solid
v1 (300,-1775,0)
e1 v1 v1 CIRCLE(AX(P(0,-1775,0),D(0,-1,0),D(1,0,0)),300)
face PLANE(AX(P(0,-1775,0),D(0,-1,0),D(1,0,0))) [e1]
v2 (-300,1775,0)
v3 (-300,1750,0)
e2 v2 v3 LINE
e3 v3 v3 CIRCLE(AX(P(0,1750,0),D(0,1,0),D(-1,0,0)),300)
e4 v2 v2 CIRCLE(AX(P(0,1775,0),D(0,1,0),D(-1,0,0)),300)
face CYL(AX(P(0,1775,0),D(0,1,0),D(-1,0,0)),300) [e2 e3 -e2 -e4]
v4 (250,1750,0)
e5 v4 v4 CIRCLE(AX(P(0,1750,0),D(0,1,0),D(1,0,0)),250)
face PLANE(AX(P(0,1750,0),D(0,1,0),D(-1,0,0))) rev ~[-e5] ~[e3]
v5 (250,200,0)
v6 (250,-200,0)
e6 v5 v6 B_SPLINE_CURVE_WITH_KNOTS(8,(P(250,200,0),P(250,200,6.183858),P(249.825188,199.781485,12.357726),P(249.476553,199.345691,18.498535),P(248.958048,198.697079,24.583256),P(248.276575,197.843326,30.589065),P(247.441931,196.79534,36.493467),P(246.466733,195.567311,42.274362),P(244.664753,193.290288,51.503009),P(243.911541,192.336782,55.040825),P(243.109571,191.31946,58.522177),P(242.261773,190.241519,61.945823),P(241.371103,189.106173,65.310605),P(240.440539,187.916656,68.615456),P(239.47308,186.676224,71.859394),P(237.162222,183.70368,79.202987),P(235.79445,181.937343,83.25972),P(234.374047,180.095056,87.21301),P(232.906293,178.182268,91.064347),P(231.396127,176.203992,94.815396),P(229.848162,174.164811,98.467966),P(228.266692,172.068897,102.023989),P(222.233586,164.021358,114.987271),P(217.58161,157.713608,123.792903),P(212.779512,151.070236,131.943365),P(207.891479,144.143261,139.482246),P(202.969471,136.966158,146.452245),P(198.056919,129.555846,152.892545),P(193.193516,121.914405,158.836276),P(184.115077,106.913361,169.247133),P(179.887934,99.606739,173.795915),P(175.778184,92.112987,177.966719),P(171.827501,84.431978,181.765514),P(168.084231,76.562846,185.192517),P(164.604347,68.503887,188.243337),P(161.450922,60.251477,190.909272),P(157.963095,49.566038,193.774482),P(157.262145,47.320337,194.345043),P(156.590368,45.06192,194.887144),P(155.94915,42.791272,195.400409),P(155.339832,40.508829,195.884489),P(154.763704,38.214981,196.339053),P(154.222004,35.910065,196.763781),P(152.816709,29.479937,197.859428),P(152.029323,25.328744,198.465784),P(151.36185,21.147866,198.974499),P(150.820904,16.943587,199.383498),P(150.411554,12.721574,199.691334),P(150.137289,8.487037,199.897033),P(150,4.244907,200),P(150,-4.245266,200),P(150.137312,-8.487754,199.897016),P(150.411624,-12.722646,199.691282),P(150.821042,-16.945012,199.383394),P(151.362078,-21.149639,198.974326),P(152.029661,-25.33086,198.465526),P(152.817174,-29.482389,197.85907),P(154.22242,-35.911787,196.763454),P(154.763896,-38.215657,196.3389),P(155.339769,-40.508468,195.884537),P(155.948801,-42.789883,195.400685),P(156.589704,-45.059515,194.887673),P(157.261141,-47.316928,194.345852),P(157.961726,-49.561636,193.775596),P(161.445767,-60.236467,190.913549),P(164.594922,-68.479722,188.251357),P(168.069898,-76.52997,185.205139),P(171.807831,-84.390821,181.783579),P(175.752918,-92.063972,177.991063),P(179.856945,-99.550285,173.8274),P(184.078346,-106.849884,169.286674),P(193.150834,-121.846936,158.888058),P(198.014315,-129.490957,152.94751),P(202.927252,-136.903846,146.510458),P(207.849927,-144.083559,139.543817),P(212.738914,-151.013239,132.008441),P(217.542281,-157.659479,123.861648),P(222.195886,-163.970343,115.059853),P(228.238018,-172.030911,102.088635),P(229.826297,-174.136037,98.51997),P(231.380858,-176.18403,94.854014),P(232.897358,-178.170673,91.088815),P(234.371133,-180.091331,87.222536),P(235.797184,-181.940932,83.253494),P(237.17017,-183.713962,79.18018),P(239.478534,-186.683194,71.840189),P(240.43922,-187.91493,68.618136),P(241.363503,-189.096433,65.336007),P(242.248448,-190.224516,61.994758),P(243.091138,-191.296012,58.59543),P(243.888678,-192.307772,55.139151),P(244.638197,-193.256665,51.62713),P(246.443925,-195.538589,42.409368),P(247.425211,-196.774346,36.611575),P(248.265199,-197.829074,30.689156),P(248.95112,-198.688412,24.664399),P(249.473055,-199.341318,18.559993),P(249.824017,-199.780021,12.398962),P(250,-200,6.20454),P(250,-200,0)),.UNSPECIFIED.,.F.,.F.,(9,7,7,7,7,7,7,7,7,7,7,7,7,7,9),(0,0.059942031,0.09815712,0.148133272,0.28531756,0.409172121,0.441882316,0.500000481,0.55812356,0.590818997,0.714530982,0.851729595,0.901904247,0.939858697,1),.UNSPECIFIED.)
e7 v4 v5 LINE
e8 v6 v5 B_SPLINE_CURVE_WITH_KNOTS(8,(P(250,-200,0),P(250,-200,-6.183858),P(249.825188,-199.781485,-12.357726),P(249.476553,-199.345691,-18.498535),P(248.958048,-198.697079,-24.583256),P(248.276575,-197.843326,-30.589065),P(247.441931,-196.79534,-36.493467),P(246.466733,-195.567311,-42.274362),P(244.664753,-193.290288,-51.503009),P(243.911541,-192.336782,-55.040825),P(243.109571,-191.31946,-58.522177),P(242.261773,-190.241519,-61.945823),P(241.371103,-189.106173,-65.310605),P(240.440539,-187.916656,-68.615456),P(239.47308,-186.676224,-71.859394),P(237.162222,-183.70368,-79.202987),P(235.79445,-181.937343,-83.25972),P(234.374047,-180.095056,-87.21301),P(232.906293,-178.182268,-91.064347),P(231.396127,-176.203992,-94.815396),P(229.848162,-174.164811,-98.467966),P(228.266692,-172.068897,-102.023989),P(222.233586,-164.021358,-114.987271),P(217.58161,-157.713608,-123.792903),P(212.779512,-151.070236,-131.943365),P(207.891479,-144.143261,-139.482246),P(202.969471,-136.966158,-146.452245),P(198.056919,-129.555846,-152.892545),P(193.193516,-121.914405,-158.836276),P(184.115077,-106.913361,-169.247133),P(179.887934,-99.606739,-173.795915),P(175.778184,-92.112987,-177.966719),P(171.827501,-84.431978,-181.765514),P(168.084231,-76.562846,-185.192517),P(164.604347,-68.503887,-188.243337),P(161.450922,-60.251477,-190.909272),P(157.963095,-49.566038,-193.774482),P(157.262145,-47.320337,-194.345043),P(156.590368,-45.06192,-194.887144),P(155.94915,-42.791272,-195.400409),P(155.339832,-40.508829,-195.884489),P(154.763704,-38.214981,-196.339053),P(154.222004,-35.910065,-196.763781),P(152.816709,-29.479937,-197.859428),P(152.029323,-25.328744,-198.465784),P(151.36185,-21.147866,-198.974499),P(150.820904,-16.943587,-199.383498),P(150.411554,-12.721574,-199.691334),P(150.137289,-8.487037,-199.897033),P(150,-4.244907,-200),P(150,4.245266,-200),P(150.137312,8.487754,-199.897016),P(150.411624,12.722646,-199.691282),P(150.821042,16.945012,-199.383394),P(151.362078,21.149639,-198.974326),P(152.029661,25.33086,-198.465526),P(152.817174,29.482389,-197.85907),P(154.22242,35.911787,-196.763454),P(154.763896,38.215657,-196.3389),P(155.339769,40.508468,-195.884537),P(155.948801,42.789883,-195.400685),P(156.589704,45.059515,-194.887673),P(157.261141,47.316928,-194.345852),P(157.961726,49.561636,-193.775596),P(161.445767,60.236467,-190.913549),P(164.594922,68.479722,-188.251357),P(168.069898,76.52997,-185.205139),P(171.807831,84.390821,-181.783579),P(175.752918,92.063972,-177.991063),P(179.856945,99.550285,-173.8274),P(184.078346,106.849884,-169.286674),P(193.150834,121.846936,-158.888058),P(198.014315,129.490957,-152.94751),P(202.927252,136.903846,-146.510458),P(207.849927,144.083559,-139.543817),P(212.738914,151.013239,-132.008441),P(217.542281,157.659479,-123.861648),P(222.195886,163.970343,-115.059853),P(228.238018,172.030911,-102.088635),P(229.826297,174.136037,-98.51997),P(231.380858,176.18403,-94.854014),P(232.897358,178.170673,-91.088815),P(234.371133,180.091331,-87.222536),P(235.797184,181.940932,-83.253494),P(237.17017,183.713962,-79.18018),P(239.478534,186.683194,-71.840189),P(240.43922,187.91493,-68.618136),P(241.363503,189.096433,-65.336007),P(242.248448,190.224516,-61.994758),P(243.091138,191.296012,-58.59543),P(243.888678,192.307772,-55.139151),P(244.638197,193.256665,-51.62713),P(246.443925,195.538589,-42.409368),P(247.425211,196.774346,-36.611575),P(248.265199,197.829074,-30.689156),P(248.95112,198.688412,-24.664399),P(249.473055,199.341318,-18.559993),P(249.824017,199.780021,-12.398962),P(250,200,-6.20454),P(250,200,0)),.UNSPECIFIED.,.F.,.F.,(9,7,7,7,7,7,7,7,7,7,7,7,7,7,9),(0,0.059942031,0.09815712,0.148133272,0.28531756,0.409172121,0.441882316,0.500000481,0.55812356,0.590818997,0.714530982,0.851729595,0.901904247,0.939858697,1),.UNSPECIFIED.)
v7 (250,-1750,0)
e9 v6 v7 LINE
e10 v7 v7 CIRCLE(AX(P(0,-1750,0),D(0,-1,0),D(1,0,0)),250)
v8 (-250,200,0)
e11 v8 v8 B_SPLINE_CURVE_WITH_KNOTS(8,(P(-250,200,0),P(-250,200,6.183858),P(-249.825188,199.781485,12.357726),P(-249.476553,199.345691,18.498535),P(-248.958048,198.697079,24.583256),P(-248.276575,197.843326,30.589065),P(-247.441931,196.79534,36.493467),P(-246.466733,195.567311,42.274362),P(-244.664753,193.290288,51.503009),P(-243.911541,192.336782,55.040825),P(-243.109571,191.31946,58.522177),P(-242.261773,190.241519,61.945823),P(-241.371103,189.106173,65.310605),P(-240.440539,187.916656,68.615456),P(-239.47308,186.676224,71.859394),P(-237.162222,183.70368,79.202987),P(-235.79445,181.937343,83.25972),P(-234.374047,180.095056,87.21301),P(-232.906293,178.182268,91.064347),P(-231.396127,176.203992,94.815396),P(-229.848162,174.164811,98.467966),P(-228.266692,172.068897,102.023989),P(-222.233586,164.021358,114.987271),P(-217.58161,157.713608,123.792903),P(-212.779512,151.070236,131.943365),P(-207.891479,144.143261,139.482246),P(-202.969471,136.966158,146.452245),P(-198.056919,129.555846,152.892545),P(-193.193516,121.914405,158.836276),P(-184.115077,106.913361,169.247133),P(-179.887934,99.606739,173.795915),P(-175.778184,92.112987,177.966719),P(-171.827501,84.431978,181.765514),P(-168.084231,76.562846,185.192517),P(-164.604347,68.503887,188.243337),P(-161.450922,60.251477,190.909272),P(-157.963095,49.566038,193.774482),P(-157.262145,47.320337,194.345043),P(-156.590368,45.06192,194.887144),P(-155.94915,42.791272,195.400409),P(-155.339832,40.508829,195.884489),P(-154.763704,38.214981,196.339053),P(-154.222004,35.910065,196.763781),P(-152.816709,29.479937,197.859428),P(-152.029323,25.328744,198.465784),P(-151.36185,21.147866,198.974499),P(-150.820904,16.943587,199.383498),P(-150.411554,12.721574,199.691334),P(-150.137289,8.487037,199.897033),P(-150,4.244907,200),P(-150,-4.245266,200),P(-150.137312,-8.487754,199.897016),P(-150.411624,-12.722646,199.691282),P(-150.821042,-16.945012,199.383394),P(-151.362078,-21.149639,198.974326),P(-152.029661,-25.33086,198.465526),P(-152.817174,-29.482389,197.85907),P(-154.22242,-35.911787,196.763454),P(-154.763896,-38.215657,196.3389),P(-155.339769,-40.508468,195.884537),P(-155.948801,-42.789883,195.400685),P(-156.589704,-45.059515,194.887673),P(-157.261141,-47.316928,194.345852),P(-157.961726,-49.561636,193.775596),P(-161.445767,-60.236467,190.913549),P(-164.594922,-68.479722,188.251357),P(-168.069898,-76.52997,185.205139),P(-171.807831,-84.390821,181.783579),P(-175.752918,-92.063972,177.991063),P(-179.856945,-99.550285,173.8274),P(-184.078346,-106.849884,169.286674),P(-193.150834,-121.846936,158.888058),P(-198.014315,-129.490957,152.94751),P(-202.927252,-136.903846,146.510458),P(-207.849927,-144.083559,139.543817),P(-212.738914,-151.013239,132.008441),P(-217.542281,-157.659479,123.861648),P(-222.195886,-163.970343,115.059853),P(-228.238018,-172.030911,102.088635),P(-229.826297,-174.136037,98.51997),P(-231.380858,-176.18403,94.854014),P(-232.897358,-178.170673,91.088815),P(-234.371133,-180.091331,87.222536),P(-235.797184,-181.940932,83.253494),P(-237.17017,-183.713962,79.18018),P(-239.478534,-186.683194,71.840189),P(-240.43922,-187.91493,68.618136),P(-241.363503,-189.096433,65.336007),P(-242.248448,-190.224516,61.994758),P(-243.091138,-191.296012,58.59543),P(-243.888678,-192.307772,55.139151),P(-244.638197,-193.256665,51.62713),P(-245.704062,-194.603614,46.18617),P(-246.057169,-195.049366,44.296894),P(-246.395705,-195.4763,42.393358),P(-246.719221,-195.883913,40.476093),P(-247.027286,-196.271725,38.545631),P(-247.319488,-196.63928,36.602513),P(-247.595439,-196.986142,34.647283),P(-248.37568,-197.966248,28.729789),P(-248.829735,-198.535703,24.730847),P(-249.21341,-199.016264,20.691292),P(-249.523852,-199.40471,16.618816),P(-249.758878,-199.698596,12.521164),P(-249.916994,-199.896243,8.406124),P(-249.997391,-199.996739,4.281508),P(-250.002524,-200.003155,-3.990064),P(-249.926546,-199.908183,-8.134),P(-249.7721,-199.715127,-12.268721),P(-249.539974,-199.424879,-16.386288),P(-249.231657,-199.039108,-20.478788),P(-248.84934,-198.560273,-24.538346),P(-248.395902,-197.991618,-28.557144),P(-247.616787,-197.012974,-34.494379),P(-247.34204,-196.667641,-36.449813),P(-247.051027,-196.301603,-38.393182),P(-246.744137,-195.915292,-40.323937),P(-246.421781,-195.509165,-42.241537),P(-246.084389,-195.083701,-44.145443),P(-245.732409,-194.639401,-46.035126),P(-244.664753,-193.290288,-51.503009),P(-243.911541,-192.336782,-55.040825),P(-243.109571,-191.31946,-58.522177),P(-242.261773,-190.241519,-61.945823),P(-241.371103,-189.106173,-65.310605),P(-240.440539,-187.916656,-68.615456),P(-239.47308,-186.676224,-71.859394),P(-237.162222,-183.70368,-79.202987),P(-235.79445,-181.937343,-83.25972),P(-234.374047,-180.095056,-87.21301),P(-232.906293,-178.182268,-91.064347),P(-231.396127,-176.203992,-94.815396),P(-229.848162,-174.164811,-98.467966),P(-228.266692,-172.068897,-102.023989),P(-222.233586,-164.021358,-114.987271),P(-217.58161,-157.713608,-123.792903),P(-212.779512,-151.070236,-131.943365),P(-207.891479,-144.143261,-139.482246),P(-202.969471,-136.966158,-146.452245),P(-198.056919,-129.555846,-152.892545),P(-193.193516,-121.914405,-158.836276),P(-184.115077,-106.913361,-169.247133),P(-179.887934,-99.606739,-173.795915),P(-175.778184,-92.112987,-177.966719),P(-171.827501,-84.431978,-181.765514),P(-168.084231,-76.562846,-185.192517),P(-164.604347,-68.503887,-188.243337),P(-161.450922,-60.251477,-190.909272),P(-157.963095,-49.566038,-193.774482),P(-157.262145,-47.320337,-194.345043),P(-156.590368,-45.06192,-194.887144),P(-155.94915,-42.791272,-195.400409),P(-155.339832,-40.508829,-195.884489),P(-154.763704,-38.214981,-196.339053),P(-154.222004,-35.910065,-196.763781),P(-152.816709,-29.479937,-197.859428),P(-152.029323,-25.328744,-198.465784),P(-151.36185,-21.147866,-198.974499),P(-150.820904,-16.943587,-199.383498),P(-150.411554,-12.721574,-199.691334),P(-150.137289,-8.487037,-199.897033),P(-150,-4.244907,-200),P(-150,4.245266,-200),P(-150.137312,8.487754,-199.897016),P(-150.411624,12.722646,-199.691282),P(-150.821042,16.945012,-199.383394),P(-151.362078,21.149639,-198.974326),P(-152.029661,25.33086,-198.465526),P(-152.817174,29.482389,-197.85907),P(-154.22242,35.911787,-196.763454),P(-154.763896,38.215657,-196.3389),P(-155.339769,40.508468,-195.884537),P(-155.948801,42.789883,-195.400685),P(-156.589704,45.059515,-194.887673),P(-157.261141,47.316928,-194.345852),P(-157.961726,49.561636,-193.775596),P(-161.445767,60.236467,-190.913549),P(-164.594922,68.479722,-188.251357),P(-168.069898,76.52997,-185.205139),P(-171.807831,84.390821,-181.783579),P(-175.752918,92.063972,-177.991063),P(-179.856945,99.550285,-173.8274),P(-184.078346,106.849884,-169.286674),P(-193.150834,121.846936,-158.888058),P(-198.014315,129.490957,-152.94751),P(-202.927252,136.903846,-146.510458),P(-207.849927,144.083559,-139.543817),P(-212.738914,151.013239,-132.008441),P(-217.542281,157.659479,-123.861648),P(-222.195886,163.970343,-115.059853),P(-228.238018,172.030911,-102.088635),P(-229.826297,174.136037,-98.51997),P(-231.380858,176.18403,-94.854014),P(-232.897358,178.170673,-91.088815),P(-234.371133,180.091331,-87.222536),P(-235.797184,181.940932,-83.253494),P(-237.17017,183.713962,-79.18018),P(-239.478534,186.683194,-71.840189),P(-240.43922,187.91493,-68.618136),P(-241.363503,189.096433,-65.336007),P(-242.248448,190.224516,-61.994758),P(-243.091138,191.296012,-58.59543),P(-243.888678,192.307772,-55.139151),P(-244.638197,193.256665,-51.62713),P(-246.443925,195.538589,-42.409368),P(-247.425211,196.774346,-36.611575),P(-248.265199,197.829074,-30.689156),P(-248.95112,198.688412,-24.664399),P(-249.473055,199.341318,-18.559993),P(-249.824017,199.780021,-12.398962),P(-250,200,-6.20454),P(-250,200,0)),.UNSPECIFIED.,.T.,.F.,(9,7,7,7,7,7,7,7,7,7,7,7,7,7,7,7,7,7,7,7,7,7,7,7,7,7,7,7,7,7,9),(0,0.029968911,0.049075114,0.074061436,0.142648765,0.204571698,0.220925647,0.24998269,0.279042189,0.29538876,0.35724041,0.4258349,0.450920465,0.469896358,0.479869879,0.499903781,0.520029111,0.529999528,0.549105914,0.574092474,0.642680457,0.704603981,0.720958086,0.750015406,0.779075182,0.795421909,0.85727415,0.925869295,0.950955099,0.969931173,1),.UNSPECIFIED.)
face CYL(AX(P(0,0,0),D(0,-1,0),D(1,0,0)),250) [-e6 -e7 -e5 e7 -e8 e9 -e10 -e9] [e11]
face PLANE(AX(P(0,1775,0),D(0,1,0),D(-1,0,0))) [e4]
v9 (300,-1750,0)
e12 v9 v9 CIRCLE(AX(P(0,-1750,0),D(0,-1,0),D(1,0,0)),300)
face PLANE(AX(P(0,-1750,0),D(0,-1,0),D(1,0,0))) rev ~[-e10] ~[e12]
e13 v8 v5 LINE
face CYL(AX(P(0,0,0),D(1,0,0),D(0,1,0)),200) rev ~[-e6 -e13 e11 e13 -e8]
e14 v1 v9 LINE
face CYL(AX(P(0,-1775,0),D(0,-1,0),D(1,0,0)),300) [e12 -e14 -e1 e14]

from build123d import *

# Parameters (mm, degrees)
F0_R     = 250
F1_DEPTH = 1775
F2_R     = 300
F2_R_2   = 250
F3_DEPTH = 25
F4_R     = 300
F4_R_2   = 250
F5_DEPTH = 25
F6_R     = 200
F7_DEPTH = 1233


with BuildPart() as f1:
    # F0 (on Front) → F1 (new body, symmetric)
    with BuildSketch(Plane.XZ):
        Circle(F0_R)
    extrude(amount=F1_DEPTH, both=True)

    # F2 (on face) → F3 (join)
    with BuildSketch(Plane.XZ.offset(1775)):
        Circle(F2_R)
        Circle(F2_R_2, mode=Mode.SUBTRACT)
    extrude(amount=-F3_DEPTH)

    # F4 (on face) → F5 (join)
    with BuildSketch(Plane(origin=(0, 1775, 0), x_dir=(-1, 0, 0), z_dir=(0, 1, 0))):
        Circle(F4_R)
        Circle(F4_R_2, mode=Mode.SUBTRACT)
    extrude(amount=-F5_DEPTH)

    # F6 (on Right) → F7 (cut, symmetric)
    with BuildSketch(Plane.YZ):
        Circle(F6_R)
    extrude(amount=F7_DEPTH, both=True, mode=Mode.SUBTRACT)


solid = f1.part
